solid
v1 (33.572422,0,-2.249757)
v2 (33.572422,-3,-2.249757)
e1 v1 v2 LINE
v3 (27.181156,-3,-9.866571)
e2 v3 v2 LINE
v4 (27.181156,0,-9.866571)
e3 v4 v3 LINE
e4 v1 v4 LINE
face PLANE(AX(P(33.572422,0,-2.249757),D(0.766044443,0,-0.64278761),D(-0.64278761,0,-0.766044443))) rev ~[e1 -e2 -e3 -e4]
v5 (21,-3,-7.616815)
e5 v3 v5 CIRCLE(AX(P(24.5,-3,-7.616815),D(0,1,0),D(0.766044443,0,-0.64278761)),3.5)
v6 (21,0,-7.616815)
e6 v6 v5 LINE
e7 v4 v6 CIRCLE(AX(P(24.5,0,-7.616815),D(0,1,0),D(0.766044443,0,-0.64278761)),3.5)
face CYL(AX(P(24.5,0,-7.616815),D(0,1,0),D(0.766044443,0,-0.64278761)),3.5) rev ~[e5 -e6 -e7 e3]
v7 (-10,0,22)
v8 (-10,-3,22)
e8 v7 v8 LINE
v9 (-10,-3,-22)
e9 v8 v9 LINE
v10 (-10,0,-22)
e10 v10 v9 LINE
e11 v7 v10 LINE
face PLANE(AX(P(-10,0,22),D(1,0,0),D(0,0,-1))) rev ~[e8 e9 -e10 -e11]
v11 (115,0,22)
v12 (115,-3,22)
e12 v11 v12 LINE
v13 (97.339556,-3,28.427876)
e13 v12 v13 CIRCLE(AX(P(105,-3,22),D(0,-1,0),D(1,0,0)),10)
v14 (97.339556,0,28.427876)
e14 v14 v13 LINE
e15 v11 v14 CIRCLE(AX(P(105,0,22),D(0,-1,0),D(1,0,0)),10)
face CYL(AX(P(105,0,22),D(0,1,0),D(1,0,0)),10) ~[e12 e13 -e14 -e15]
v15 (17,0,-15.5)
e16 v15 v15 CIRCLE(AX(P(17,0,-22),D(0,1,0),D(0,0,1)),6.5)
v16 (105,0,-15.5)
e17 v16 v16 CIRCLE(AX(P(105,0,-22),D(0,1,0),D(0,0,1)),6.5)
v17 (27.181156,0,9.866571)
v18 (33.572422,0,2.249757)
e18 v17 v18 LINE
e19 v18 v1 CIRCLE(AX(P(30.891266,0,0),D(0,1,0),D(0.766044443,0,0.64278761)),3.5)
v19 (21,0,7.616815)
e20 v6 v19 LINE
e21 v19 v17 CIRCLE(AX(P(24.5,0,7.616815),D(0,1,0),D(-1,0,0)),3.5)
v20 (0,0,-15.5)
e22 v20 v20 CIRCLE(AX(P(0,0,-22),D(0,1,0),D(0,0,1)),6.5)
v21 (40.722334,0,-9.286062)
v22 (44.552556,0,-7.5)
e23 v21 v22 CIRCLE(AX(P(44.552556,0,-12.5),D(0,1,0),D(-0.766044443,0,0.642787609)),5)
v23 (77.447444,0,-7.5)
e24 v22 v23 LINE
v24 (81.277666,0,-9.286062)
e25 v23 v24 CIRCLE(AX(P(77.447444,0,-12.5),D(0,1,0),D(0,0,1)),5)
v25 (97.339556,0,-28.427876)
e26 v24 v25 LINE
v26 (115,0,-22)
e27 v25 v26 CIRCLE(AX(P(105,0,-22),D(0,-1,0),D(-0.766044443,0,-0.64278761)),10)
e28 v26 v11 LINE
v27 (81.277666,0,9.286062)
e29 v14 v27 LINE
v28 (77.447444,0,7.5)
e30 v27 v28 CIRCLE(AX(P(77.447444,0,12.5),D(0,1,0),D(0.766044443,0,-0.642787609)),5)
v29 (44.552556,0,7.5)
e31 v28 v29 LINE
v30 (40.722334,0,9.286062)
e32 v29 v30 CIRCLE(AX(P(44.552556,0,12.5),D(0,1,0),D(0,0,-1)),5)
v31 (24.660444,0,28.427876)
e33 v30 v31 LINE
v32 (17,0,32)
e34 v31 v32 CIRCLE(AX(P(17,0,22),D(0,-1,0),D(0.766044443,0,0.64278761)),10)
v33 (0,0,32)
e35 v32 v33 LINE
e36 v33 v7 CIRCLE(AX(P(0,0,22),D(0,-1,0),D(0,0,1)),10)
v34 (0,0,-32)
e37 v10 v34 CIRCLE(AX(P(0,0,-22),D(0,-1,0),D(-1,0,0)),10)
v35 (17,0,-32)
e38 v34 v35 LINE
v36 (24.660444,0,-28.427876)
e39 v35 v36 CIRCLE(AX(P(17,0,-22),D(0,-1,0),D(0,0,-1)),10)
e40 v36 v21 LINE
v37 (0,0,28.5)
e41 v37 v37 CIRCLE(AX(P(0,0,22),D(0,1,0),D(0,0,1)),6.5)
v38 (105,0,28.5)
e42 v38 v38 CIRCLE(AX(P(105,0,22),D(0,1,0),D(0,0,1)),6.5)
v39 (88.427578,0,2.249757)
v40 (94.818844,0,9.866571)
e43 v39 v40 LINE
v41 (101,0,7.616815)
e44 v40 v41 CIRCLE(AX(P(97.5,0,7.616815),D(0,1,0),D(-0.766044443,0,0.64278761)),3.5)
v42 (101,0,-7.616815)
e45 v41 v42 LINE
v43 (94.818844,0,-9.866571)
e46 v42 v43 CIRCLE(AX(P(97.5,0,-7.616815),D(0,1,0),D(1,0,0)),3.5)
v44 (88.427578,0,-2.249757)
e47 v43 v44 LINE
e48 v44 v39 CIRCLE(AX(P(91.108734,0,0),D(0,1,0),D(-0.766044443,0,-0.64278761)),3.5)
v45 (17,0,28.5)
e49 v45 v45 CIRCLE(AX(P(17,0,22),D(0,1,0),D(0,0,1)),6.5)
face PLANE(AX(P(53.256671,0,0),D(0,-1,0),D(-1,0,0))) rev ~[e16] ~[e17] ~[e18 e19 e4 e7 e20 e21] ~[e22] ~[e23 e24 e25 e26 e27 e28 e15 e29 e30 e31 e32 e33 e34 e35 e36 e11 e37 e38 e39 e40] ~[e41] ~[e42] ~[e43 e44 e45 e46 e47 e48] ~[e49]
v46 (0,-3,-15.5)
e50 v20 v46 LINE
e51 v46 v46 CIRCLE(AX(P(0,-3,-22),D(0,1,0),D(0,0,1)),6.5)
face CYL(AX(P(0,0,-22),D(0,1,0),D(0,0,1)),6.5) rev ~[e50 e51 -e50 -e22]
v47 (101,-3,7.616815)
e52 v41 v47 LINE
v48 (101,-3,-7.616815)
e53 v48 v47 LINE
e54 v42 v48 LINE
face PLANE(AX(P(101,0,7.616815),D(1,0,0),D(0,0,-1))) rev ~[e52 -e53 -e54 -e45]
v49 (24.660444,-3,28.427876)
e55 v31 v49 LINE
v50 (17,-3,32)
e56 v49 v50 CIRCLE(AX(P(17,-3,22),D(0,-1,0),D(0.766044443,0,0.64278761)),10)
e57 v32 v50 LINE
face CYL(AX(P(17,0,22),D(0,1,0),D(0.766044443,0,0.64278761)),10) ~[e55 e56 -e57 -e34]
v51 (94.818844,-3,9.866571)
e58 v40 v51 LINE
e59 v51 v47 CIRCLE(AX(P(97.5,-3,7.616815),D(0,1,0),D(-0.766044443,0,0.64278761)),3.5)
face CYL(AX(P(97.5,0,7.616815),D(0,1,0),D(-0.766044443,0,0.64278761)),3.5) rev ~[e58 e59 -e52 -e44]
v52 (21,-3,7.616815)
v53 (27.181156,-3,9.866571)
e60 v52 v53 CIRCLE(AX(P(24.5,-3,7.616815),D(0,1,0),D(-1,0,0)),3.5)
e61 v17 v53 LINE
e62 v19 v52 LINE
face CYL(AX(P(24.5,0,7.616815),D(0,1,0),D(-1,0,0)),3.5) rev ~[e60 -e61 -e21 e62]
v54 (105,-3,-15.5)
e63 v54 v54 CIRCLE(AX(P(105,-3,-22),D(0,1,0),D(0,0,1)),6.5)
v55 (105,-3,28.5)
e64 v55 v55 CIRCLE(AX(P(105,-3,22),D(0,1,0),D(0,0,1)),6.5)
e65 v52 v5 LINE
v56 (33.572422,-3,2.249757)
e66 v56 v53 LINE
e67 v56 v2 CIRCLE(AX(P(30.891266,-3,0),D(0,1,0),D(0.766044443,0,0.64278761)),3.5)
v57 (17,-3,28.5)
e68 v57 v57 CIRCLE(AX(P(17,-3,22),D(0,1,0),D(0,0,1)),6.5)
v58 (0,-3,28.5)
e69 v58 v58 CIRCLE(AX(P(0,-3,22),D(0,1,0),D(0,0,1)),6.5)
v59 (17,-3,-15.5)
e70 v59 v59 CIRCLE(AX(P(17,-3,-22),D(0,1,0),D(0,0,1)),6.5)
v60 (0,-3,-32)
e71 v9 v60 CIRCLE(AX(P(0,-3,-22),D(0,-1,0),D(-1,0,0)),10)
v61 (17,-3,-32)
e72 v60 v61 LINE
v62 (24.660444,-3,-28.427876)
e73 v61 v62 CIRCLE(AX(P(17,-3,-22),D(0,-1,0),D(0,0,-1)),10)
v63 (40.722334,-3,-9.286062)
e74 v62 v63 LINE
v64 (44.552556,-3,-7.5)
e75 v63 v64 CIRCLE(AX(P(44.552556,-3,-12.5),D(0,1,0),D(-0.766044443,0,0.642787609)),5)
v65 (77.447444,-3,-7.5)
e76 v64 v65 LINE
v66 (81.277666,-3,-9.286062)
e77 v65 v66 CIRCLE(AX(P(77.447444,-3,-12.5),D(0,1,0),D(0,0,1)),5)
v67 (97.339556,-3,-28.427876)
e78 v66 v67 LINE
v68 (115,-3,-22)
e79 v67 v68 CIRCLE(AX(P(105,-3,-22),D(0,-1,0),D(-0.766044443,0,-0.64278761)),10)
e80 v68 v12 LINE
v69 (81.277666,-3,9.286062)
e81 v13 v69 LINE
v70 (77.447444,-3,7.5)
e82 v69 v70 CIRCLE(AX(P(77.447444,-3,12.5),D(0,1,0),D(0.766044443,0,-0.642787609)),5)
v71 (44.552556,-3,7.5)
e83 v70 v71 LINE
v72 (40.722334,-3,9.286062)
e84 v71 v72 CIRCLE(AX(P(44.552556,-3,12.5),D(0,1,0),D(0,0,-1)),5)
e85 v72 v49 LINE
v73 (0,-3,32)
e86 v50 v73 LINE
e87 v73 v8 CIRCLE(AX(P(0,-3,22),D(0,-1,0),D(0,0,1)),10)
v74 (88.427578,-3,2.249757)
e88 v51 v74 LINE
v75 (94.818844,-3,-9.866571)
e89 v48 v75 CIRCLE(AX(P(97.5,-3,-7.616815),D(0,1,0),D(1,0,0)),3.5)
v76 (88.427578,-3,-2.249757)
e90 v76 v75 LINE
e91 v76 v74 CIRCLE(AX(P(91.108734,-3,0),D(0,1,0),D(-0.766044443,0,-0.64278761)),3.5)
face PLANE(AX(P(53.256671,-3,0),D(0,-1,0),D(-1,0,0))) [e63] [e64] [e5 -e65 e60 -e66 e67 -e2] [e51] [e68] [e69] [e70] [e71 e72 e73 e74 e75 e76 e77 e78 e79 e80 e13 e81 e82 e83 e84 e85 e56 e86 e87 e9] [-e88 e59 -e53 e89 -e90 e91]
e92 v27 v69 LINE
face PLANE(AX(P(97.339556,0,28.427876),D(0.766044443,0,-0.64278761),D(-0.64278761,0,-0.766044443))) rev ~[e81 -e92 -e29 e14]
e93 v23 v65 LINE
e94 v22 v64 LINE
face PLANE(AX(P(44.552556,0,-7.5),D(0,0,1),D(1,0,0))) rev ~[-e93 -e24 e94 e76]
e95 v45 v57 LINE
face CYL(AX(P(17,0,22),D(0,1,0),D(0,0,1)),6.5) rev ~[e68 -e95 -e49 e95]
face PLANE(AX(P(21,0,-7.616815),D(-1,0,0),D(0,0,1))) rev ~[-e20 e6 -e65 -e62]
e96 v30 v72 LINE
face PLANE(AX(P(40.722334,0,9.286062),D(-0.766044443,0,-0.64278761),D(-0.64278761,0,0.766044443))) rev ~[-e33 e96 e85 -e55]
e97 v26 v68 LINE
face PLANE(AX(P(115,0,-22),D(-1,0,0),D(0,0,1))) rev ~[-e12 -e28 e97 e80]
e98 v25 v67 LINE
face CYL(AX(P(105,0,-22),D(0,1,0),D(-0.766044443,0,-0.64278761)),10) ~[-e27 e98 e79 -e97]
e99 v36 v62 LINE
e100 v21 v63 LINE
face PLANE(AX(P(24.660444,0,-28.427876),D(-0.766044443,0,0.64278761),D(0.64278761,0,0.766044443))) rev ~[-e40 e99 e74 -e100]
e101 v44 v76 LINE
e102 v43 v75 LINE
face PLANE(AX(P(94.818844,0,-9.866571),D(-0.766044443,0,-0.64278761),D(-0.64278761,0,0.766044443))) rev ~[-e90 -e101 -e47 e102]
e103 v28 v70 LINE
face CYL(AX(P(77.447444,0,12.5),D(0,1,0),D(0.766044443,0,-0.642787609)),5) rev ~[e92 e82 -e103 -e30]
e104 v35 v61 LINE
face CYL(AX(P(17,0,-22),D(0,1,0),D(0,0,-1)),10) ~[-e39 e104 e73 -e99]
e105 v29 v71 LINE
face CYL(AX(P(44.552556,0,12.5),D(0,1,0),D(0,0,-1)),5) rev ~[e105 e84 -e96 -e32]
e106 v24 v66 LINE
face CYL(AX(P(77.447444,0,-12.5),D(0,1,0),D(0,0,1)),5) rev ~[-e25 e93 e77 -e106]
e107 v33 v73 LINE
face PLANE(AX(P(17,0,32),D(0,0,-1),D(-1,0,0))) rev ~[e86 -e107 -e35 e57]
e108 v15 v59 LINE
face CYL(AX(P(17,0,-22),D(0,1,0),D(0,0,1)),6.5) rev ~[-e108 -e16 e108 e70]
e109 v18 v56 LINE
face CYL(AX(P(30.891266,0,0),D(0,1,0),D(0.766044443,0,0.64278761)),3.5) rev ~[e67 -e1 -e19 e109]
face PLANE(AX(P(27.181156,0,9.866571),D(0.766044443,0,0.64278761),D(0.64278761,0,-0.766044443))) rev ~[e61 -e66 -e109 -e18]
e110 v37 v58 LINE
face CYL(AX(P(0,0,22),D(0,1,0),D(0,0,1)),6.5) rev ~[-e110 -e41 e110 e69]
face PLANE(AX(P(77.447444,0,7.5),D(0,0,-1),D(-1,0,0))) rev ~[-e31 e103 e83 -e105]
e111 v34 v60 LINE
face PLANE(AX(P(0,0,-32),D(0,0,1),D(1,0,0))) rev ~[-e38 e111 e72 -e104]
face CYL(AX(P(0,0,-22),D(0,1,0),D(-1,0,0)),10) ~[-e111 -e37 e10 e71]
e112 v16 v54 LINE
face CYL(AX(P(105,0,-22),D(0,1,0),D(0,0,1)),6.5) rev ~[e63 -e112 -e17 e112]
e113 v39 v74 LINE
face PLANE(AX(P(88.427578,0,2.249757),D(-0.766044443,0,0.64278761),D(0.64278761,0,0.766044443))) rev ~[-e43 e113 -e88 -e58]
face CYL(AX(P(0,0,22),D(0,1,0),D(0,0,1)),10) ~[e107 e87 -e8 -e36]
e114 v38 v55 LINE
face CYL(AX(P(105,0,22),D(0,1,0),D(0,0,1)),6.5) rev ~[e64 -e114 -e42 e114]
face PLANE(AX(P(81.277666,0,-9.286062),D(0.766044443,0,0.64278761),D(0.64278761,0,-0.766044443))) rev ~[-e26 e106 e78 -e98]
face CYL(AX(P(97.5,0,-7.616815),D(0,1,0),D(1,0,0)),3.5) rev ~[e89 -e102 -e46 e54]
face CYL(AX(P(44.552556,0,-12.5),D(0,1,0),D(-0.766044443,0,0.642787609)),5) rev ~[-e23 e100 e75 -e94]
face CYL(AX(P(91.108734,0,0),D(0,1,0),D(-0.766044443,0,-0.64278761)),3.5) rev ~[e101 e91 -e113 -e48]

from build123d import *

# Parameters (mm, degrees)
BASE_DEPTH    = 3
SKETCH2_R     = 6.5
HOLES_DEPTH   = 120.406867474
CUTAWAY_DEPTH = 120.406867474


with BuildPart() as part:
    # Sketch1 → base (new body)
    with BuildSketch(Plane(origin=(0, 0, 0), x_dir=(1, 0, 0), z_dir=(0, 1, 0))):
        with BuildLine():
            Line((-10, -22), (-10, 22))
            ThreePointArc((-10, 22), (-7.071067812, 29.071067812), (0, 32))
            Line((0, 32), (17, 32))
            ThreePointArc((17, 32), (21.226182617, 31.06307787), (24.660444431, 28.427876097))
            Line((24.660444431, 28.427876097), (40.722333621, 9.286061952))
            ThreePointArc((40.722333621, 9.286061952), (42.439464527, 7.968461065), (44.552555836, 7.5))
            Line((44.552555836, 7.5), (77.447444164, 7.5))
            ThreePointArc((77.447444164, 7.5), (79.560535473, 7.968461065), (81.277666379, 9.286061952))
            Line((81.277666379, 9.286061952), (97.339555569, 28.427876097))
            ThreePointArc((97.339555569, 28.427876097), (108.420201433, 31.396926208), (115, 22))
            Line((115, 22), (115, -22))
            ThreePointArc((115, -22), (108.420201433, -31.396926208), (97.339555569, -28.427876097))
            Line((97.339555569, -28.427876097), (81.277666379, -9.286061952))
            ThreePointArc((81.277666379, -9.286061952), (79.560535473, -7.968461065), (77.447444164, -7.5))
            Line((77.447444164, -7.5), (44.552555836, -7.5))
            ThreePointArc((44.552555836, -7.5), (42.439464527, -7.968461065), (40.722333621, -9.286061952))
            Line((40.722333621, -9.286061952), (24.660444431, -28.427876097))
            ThreePointArc((24.660444431, -28.427876097), (21.226182617, -31.06307787), (17, -32))
            Line((17, -32), (0, -32))
            ThreePointArc((0, -32), (-7.071067812, -29.071067812), (-10, -22))
        make_face()
    extrude(amount=-BASE_DEPTH)

    # Sketch2 → holes (cut, through all)
    with BuildSketch(Plane(origin=(0, 0, 0), x_dir=(1, 0, 0), z_dir=(0, 1, 0))):
        with Locations(Location((0, 22, 0), (0, 0, 270))):
            Circle(SKETCH2_R)
        with Locations(Location((17, 22, 0), (0, 0, 270))):
            Circle(SKETCH2_R)
        with Locations(Location((105, 22, 0), (0, 0, 270))):
            Circle(SKETCH2_R)
        with Locations(Location((105, -22, 0), (0, 0, 270))):
            Circle(SKETCH2_R)
        with Locations(Location((17, -22, 0), (0, 0, 270))):
            Circle(SKETCH2_R)
        with Locations(Location((0, -22, 0), (0, 0, 270))):
            Circle(SKETCH2_R)
    extrude(amount=-HOLES_DEPTH, mode=Mode.SUBTRACT)

    # Sketch3 → cutaway (cut, through all)
    with BuildSketch(Plane(origin=(0, 0, 0), x_dir=(-1, 0, 0), z_dir=(0, 1, 0))):
        with BuildLine():
            Line((-21, -7.616814662), (-21, 7.616814662))
            ThreePointArc((-21, 7.616814662), (-23.302929498, 10.905738834), (-27.181155551, 9.866571295))
            Line((-27.181155551, 9.866571295), (-33.572421924, 2.249756634))
            ThreePointArc((-33.572421924, 2.249756634), (-34.391266373, 0), (-33.572421924, -2.249756634))
            Line((-33.572421924, -2.249756634), (-27.181155551, -9.866571295))
            ThreePointArc((-27.181155551, -9.866571295), (-23.302929498, -10.905738834), (-21, -7.616814662))
        make_face()
        with BuildLine():
            Line((-94.818844449, -9.866571295), (-88.427578076, -2.249756634))
            ThreePointArc((-88.427578076, -2.249756634), (-87.608733627, 0), (-88.427578076, 2.249756634))
            Line((-88.427578076, 2.249756634), (-94.818844449, 9.866571295))
            ThreePointArc((-94.818844449, 9.866571295), (-98.697070502, 10.905738834), (-101, 7.616814662))
            Line((-101, 7.616814662), (-101, -7.616814662))
            ThreePointArc((-101, -7.616814662), (-98.697070502, -10.905738834), (-94.818844449, -9.866571295))
        make_face()
    extrude(amount=-CUTAWAY_DEPTH, mode=Mode.SUBTRACT)


solid = part.part
